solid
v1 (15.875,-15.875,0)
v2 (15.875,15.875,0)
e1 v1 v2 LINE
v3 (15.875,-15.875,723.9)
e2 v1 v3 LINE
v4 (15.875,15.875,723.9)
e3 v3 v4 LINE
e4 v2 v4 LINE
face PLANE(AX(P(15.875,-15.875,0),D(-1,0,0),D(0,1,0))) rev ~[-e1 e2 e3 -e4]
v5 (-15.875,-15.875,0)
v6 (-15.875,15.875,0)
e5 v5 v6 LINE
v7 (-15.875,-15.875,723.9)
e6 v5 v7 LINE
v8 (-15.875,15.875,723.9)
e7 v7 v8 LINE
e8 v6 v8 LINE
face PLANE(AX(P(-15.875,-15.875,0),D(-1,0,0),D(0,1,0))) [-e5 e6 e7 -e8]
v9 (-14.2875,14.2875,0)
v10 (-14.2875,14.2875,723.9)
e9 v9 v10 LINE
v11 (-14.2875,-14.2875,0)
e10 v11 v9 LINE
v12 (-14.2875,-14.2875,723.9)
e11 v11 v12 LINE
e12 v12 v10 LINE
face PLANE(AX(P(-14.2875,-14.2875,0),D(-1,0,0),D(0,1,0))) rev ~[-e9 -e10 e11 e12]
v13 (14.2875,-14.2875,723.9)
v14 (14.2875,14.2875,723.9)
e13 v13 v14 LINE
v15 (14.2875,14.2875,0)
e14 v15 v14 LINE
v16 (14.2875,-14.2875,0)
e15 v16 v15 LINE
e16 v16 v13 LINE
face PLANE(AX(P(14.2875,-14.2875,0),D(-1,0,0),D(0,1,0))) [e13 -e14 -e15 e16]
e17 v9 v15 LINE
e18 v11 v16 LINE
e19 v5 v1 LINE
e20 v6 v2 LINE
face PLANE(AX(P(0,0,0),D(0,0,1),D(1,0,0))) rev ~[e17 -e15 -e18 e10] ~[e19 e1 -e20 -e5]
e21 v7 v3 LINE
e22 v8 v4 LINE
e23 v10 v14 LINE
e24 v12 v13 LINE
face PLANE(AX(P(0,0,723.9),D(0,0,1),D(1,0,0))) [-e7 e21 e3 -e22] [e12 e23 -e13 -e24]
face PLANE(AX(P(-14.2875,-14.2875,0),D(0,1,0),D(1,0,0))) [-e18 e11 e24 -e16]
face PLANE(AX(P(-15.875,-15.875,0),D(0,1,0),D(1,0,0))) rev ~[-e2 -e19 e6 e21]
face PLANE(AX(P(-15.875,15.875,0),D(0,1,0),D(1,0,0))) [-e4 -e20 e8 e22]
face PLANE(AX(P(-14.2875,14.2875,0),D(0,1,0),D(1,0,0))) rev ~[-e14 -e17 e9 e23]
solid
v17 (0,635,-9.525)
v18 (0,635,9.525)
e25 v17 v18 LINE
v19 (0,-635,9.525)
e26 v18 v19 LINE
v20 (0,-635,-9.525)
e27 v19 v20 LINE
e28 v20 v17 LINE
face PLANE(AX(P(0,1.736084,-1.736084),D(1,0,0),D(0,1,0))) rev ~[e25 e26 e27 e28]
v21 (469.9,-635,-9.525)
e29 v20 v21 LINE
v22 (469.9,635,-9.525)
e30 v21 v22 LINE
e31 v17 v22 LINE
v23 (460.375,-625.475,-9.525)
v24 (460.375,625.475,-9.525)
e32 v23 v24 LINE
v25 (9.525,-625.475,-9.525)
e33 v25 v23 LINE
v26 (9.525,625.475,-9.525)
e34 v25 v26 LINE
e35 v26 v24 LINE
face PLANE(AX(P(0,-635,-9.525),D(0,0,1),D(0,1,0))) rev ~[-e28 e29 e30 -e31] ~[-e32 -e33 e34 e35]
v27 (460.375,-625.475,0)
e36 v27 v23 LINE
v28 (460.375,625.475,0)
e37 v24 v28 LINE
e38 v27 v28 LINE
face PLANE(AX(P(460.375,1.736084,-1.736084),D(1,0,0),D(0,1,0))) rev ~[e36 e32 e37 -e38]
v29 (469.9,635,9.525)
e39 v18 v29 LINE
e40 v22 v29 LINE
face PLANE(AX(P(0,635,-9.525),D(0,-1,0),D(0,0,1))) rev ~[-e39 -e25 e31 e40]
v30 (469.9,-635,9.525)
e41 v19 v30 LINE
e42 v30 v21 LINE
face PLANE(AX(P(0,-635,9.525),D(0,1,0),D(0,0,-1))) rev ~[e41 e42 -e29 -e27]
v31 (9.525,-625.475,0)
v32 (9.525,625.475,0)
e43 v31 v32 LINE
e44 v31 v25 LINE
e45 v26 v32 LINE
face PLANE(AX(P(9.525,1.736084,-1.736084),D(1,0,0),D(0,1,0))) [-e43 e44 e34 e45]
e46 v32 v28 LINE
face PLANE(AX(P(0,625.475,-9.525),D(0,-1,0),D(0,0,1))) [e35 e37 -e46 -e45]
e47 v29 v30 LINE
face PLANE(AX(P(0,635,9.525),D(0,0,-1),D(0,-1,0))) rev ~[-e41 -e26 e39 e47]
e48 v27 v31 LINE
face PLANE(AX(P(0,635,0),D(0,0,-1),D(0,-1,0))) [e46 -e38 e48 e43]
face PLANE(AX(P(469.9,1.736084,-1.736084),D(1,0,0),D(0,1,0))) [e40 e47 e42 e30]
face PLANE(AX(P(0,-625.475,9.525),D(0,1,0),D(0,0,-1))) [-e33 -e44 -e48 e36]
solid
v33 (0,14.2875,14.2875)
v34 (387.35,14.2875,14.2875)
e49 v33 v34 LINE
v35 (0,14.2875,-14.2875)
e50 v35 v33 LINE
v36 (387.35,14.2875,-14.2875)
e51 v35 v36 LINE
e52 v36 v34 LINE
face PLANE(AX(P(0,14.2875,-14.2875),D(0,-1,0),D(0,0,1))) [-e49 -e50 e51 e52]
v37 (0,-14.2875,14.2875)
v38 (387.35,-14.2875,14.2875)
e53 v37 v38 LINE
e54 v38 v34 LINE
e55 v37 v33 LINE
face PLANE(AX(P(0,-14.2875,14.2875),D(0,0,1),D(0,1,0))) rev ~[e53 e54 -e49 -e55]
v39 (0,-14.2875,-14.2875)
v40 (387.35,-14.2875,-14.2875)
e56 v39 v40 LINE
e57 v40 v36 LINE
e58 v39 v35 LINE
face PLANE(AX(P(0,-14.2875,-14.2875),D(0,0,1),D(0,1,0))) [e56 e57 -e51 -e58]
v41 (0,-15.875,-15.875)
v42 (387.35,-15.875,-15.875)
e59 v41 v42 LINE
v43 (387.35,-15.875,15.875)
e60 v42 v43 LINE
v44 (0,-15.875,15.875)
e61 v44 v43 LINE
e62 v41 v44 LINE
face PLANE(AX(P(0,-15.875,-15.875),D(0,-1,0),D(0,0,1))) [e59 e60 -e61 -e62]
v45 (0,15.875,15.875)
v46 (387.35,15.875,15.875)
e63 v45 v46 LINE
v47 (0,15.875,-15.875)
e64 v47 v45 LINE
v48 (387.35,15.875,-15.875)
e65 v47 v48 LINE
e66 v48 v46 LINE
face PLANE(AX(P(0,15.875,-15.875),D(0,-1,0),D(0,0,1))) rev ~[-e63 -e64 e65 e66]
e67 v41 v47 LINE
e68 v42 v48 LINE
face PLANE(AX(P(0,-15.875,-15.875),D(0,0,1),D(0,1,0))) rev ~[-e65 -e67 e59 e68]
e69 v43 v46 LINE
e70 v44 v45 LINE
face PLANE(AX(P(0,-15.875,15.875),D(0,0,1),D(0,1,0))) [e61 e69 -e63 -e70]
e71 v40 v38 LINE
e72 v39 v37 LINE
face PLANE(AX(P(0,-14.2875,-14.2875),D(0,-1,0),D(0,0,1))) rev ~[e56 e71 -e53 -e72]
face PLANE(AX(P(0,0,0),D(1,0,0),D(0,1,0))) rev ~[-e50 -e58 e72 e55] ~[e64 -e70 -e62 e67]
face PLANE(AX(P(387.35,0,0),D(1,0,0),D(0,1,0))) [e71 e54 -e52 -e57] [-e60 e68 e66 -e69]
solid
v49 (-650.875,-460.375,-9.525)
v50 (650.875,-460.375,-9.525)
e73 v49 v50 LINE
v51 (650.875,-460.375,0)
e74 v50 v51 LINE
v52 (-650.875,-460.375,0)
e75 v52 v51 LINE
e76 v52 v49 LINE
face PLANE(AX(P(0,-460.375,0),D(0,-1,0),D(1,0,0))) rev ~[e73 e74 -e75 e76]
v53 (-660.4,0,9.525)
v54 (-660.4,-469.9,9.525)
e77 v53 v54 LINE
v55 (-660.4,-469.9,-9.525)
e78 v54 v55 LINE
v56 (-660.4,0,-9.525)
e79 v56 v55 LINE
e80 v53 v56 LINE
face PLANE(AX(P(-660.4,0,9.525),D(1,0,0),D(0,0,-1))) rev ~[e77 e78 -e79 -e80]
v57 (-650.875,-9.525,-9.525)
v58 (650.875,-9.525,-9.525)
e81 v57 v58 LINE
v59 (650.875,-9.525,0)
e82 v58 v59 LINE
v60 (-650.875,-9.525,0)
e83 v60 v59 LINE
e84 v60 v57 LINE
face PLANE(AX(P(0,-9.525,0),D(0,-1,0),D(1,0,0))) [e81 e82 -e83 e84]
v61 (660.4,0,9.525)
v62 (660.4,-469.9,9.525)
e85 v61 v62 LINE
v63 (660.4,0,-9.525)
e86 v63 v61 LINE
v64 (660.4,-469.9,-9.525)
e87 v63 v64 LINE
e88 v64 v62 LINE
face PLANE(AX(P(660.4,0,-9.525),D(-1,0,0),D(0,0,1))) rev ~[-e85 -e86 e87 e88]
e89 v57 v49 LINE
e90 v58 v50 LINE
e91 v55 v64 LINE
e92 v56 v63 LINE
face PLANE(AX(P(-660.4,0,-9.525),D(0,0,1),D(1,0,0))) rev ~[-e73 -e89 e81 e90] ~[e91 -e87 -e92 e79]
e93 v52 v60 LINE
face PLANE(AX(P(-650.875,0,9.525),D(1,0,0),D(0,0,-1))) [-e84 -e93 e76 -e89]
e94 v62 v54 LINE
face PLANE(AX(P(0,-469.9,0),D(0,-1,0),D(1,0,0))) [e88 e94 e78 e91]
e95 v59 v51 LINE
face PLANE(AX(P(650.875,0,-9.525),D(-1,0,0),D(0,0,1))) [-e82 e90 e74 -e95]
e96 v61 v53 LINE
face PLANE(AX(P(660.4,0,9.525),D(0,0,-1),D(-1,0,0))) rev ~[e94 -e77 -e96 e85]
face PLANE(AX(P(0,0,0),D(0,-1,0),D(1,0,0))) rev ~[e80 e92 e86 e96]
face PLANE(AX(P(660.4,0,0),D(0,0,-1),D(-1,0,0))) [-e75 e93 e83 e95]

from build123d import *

# Parameters (mm, degrees)
F1_DEPTH = 469.9
F2_W     = 469.9
F2_H     = 9.525
F3_DEPTH = 469.9
F4_T     = -9.525
F5_T     = -9.525
F6_W     = 31.75
F6_H     = 31.75
F6_W_2   = 28.575
F6_H_2   = 28.575
F7_DEPTH = 723.9
F8_W     = 31.75
F8_H     = 31.75
F8_W_2   = 28.575
F8_H_2   = 28.575
F9_DEPTH = 387.35


with BuildPart() as f1:
    # F0 (on Front) → F1 (new body)
    with BuildSketch(Plane.XZ):
        Polygon((660.4, 0), (660.4, 9.525), (-660.4, 9.525), (-660.4, -9.525), (650.875, -9.525), (660.4, -9.525), align=None)
    extrude(amount=F1_DEPTH)

    # F4
    f4_openings = [f1.faces().sort_by_distance(p)[0] for p in [
        (0, -234.95, -9.525),
    ]]
    offset(amount=F4_T, openings=f4_openings)


with BuildPart() as f3:
    # F2 (on Right) → F3 (new body)
    with BuildSketch(Plane.YZ):
        Polygon((635, -9.525), (635, 9.525), (-165.1, 9.525), (-165.1, 0), (-635, 0), (-635, -9.525), align=None)
        with Locations((-400.05, 4.7625)):
            Rectangle(F2_W, F2_H)
    extrude(amount=F3_DEPTH)

    # F5
    f5_openings = [f3.faces().sort_by_distance(p)[0] for p in [
        (234.95, 0, -9.525),
    ]]
    offset(amount=F5_T, openings=f5_openings)


with BuildPart() as f7:
    # F6 (on Top) → F7 (new body)
    with BuildSketch(Plane.XY):
        Rectangle(F6_W, F6_H)
        Rectangle(F6_W_2, F6_H_2, mode=Mode.SUBTRACT)
    extrude(amount=F7_DEPTH)


with BuildPart() as f9:
    # F8 (on Right) → F9 (new body)
    with BuildSketch(Plane.YZ):
        Rectangle(F8_W, F8_H)
        Rectangle(F8_W_2, F8_H_2, mode=Mode.SUBTRACT)
    extrude(amount=F9_DEPTH)


solid = Compound([f1.part, f3.part, f7.part, f9.part])
